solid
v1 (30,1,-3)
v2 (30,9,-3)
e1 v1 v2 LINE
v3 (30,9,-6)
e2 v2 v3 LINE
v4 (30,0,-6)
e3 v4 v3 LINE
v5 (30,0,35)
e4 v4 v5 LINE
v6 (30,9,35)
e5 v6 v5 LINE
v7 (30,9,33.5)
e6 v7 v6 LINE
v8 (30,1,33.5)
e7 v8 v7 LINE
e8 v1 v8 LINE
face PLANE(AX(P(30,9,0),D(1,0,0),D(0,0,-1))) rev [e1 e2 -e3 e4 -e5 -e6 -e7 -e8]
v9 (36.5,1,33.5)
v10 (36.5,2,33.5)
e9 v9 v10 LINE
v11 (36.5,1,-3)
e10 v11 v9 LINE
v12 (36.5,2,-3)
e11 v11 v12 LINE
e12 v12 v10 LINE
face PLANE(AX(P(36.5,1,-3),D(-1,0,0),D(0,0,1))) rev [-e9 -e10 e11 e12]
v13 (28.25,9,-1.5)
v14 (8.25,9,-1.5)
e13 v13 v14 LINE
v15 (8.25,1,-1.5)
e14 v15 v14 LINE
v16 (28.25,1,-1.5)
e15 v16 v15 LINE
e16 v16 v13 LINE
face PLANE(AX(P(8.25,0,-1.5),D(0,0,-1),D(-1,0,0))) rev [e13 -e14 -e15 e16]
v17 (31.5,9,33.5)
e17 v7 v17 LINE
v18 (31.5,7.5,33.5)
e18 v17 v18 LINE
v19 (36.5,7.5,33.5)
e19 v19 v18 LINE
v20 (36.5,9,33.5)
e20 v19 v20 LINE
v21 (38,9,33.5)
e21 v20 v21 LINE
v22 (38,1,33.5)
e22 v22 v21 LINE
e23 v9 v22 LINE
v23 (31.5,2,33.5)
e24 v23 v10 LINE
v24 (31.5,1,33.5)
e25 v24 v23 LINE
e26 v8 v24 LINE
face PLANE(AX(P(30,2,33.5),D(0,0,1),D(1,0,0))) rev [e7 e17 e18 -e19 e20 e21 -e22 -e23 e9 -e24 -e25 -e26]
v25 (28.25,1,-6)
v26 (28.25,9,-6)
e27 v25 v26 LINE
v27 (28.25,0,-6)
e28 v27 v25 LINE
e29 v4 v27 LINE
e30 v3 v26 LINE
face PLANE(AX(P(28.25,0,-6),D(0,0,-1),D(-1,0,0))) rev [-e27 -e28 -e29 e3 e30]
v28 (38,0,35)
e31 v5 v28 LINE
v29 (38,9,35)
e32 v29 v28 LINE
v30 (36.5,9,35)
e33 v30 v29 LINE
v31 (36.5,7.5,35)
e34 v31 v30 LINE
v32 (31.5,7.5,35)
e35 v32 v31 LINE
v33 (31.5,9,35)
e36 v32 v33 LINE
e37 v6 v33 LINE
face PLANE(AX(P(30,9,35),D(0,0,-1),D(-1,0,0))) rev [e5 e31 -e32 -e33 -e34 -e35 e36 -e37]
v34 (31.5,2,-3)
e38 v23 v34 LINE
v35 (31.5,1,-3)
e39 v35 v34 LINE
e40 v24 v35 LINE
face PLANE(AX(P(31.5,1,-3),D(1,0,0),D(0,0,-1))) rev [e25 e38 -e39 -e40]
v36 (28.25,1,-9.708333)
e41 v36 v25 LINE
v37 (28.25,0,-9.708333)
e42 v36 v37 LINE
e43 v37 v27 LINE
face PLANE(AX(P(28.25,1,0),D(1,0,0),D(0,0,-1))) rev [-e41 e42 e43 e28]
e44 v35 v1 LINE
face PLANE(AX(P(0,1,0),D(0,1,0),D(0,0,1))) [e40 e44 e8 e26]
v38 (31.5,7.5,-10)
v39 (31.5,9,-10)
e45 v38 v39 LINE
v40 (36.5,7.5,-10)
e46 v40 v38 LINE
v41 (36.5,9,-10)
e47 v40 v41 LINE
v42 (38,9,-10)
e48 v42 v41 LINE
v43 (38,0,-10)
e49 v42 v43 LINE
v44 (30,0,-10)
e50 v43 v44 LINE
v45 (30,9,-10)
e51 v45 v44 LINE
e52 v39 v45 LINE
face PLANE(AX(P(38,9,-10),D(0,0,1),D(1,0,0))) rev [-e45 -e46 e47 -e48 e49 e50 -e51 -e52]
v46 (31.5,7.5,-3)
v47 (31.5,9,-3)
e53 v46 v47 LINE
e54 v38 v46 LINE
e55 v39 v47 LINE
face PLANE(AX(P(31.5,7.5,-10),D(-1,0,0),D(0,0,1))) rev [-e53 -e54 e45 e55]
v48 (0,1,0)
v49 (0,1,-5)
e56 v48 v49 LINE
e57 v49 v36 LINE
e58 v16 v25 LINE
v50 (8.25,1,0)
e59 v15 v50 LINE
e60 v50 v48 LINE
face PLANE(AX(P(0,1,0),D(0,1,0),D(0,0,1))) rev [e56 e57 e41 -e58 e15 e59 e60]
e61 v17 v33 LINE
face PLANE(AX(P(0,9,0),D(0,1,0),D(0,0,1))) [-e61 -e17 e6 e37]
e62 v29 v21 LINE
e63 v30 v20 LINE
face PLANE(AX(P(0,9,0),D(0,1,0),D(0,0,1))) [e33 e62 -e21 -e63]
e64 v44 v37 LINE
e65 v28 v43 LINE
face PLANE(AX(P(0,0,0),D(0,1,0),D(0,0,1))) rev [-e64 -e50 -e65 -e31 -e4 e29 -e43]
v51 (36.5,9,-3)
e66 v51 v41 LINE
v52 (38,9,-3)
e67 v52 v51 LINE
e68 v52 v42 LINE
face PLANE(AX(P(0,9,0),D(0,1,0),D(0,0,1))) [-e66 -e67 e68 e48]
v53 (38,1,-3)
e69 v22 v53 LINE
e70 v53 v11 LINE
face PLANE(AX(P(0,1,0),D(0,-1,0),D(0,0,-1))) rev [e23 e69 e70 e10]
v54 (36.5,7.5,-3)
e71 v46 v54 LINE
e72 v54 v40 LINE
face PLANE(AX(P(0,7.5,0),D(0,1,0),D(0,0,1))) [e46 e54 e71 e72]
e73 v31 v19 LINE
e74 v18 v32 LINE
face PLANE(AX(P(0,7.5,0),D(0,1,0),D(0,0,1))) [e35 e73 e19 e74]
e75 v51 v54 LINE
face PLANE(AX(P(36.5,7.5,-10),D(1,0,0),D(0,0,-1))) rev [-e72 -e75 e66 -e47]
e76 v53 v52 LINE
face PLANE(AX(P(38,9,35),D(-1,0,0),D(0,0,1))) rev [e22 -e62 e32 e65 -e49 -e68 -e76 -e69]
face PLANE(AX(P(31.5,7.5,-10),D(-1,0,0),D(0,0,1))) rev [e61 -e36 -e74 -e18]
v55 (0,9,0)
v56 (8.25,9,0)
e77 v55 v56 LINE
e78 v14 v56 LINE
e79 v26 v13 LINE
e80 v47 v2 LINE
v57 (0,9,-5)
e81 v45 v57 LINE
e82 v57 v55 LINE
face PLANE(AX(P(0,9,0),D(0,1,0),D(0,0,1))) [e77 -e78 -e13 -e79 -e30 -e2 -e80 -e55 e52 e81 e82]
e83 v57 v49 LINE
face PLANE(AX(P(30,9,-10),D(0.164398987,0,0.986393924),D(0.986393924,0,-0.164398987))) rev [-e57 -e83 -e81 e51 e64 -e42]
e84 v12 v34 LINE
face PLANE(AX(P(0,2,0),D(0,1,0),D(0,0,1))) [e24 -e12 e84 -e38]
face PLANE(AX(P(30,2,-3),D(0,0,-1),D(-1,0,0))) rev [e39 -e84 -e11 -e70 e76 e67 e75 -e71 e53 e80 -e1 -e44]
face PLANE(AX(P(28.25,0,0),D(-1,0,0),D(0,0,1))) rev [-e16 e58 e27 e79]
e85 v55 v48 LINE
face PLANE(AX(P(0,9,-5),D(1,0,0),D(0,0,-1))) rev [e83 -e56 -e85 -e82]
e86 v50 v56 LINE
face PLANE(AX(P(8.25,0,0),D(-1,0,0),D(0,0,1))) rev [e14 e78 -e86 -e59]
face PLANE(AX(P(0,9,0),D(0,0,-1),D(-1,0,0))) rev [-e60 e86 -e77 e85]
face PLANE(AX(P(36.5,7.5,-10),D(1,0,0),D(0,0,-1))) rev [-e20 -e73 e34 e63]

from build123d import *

# Parameters (mm, degrees)
BOSS_EXTRUDE1_DEPTH = 9
SKETCH2_W           = 8
SKETCH2_H           = 36.5
CUT_EXTRUDE2_DEPTH  = 7
SKETCH3_W           = 1.5
SKETCH3_H           = 36.5
CUT_EXTRUDE3_DEPTH  = 1
SKETCH4_W           = 1.75
SKETCH4_H           = 3
CUT_EXTRUDE4_DEPTH  = 53.440442409
SKETCH5_W           = 5
SKETCH5_H           = 45
CUT_EXTRUDE5_DEPTH  = 1.5
CUT_EXTRUDE6_DEPTH  = 1
SKETCH7_W           = 20
SKETCH7_H           = 1.5
CUT_EXTRUDE7_DEPTH  = 53.440442409
SKETCH8_W           = 1.75
SKETCH8_H           = 3
CUT_EXTRUDE8_DEPTH  = 53.440442409


with BuildPart() as part:
    # Sketch1 → Boss-Extrude1 (new body)
    with BuildSketch(Plane(origin=(0, 0, 0), x_dir=(1, 0, 0), z_dir=(0, 1, 0))):
        Polygon((0, 0), (30, 0), (30, -35), (38, -35), (38, 10), (30, 10), (0, 5), align=None)
    extrude(amount=BOSS_EXTRUDE1_DEPTH)

    # Sketch2 → Cut-Extrude2 (cut)
    with BuildSketch(Plane(origin=(0, 9, 0), x_dir=(1, 0, 0), z_dir=(0, 1, 0))):
        with Locations((34, -15.25)):
            Rectangle(SKETCH2_W, SKETCH2_H)
    extrude(amount=-CUT_EXTRUDE2_DEPTH, mode=Mode.SUBTRACT)

    # Sketch3 → Cut-Extrude3 (cut)
    with BuildSketch(Plane(origin=(0, 2, 0), x_dir=(1, 0, 0), z_dir=(0, 1, 0))):
        with Locations((37.25, -15.25)):
            Rectangle(SKETCH3_W, SKETCH3_H)
        with Locations((30.75, -15.25)):
            Rectangle(SKETCH3_W, SKETCH3_H)
    extrude(amount=-CUT_EXTRUDE3_DEPTH, mode=Mode.SUBTRACT)

    # Sketch4 → Cut-Extrude4 (cut, through all)
    with BuildSketch(Plane(origin=(0, 9, 0), x_dir=(1, 0, 0), z_dir=(0, 1, 0))):
        with Locations((29.125, 1.5)):
            Rectangle(SKETCH4_W, SKETCH4_H)
    extrude(amount=-CUT_EXTRUDE4_DEPTH, mode=Mode.SUBTRACT)

    # Sketch5 → Cut-Extrude5 (cut)
    with BuildSketch(Plane(origin=(0, 9, 0), x_dir=(1, 0, 0), z_dir=(0, 1, 0))):
        with Locations((34, -12.5)):
            Rectangle(SKETCH5_W, SKETCH5_H)
    extrude(amount=-CUT_EXTRUDE5_DEPTH, mode=Mode.SUBTRACT)

    # Sketch6 → Cut-Extrude6 (cut)
    with BuildSketch(Plane(origin=(0, 0, 0), x_dir=(-1, 0, 0), z_dir=(0, -1, 0))):
        Polygon((-28.25, 0), (-28.25, 9.708333333), (0, 5), (0, 0), align=None)
    extrude(amount=-CUT_EXTRUDE6_DEPTH, mode=Mode.SUBTRACT)

    # Sketch7 → Cut-Extrude7 (cut, through all)
    with BuildSketch(Plane(origin=(0, 9, 0), x_dir=(1, 0, 0), z_dir=(0, 1, 0))):
        with Locations((18.25, 0.75)):
            Rectangle(SKETCH7_W, SKETCH7_H)
    extrude(amount=-CUT_EXTRUDE7_DEPTH, mode=Mode.SUBTRACT)

    # Sketch8 → Cut-Extrude8 (cut, through all)
    with BuildSketch(Plane(origin=(0, 9, 0), x_dir=(1, 0, 0), z_dir=(0, 1, 0))):
        with Locations((29.125, 4.5)):
            Rectangle(SKETCH8_W, SKETCH8_H)
    extrude(amount=-CUT_EXTRUDE8_DEPTH, mode=Mode.SUBTRACT)


solid = part.part
